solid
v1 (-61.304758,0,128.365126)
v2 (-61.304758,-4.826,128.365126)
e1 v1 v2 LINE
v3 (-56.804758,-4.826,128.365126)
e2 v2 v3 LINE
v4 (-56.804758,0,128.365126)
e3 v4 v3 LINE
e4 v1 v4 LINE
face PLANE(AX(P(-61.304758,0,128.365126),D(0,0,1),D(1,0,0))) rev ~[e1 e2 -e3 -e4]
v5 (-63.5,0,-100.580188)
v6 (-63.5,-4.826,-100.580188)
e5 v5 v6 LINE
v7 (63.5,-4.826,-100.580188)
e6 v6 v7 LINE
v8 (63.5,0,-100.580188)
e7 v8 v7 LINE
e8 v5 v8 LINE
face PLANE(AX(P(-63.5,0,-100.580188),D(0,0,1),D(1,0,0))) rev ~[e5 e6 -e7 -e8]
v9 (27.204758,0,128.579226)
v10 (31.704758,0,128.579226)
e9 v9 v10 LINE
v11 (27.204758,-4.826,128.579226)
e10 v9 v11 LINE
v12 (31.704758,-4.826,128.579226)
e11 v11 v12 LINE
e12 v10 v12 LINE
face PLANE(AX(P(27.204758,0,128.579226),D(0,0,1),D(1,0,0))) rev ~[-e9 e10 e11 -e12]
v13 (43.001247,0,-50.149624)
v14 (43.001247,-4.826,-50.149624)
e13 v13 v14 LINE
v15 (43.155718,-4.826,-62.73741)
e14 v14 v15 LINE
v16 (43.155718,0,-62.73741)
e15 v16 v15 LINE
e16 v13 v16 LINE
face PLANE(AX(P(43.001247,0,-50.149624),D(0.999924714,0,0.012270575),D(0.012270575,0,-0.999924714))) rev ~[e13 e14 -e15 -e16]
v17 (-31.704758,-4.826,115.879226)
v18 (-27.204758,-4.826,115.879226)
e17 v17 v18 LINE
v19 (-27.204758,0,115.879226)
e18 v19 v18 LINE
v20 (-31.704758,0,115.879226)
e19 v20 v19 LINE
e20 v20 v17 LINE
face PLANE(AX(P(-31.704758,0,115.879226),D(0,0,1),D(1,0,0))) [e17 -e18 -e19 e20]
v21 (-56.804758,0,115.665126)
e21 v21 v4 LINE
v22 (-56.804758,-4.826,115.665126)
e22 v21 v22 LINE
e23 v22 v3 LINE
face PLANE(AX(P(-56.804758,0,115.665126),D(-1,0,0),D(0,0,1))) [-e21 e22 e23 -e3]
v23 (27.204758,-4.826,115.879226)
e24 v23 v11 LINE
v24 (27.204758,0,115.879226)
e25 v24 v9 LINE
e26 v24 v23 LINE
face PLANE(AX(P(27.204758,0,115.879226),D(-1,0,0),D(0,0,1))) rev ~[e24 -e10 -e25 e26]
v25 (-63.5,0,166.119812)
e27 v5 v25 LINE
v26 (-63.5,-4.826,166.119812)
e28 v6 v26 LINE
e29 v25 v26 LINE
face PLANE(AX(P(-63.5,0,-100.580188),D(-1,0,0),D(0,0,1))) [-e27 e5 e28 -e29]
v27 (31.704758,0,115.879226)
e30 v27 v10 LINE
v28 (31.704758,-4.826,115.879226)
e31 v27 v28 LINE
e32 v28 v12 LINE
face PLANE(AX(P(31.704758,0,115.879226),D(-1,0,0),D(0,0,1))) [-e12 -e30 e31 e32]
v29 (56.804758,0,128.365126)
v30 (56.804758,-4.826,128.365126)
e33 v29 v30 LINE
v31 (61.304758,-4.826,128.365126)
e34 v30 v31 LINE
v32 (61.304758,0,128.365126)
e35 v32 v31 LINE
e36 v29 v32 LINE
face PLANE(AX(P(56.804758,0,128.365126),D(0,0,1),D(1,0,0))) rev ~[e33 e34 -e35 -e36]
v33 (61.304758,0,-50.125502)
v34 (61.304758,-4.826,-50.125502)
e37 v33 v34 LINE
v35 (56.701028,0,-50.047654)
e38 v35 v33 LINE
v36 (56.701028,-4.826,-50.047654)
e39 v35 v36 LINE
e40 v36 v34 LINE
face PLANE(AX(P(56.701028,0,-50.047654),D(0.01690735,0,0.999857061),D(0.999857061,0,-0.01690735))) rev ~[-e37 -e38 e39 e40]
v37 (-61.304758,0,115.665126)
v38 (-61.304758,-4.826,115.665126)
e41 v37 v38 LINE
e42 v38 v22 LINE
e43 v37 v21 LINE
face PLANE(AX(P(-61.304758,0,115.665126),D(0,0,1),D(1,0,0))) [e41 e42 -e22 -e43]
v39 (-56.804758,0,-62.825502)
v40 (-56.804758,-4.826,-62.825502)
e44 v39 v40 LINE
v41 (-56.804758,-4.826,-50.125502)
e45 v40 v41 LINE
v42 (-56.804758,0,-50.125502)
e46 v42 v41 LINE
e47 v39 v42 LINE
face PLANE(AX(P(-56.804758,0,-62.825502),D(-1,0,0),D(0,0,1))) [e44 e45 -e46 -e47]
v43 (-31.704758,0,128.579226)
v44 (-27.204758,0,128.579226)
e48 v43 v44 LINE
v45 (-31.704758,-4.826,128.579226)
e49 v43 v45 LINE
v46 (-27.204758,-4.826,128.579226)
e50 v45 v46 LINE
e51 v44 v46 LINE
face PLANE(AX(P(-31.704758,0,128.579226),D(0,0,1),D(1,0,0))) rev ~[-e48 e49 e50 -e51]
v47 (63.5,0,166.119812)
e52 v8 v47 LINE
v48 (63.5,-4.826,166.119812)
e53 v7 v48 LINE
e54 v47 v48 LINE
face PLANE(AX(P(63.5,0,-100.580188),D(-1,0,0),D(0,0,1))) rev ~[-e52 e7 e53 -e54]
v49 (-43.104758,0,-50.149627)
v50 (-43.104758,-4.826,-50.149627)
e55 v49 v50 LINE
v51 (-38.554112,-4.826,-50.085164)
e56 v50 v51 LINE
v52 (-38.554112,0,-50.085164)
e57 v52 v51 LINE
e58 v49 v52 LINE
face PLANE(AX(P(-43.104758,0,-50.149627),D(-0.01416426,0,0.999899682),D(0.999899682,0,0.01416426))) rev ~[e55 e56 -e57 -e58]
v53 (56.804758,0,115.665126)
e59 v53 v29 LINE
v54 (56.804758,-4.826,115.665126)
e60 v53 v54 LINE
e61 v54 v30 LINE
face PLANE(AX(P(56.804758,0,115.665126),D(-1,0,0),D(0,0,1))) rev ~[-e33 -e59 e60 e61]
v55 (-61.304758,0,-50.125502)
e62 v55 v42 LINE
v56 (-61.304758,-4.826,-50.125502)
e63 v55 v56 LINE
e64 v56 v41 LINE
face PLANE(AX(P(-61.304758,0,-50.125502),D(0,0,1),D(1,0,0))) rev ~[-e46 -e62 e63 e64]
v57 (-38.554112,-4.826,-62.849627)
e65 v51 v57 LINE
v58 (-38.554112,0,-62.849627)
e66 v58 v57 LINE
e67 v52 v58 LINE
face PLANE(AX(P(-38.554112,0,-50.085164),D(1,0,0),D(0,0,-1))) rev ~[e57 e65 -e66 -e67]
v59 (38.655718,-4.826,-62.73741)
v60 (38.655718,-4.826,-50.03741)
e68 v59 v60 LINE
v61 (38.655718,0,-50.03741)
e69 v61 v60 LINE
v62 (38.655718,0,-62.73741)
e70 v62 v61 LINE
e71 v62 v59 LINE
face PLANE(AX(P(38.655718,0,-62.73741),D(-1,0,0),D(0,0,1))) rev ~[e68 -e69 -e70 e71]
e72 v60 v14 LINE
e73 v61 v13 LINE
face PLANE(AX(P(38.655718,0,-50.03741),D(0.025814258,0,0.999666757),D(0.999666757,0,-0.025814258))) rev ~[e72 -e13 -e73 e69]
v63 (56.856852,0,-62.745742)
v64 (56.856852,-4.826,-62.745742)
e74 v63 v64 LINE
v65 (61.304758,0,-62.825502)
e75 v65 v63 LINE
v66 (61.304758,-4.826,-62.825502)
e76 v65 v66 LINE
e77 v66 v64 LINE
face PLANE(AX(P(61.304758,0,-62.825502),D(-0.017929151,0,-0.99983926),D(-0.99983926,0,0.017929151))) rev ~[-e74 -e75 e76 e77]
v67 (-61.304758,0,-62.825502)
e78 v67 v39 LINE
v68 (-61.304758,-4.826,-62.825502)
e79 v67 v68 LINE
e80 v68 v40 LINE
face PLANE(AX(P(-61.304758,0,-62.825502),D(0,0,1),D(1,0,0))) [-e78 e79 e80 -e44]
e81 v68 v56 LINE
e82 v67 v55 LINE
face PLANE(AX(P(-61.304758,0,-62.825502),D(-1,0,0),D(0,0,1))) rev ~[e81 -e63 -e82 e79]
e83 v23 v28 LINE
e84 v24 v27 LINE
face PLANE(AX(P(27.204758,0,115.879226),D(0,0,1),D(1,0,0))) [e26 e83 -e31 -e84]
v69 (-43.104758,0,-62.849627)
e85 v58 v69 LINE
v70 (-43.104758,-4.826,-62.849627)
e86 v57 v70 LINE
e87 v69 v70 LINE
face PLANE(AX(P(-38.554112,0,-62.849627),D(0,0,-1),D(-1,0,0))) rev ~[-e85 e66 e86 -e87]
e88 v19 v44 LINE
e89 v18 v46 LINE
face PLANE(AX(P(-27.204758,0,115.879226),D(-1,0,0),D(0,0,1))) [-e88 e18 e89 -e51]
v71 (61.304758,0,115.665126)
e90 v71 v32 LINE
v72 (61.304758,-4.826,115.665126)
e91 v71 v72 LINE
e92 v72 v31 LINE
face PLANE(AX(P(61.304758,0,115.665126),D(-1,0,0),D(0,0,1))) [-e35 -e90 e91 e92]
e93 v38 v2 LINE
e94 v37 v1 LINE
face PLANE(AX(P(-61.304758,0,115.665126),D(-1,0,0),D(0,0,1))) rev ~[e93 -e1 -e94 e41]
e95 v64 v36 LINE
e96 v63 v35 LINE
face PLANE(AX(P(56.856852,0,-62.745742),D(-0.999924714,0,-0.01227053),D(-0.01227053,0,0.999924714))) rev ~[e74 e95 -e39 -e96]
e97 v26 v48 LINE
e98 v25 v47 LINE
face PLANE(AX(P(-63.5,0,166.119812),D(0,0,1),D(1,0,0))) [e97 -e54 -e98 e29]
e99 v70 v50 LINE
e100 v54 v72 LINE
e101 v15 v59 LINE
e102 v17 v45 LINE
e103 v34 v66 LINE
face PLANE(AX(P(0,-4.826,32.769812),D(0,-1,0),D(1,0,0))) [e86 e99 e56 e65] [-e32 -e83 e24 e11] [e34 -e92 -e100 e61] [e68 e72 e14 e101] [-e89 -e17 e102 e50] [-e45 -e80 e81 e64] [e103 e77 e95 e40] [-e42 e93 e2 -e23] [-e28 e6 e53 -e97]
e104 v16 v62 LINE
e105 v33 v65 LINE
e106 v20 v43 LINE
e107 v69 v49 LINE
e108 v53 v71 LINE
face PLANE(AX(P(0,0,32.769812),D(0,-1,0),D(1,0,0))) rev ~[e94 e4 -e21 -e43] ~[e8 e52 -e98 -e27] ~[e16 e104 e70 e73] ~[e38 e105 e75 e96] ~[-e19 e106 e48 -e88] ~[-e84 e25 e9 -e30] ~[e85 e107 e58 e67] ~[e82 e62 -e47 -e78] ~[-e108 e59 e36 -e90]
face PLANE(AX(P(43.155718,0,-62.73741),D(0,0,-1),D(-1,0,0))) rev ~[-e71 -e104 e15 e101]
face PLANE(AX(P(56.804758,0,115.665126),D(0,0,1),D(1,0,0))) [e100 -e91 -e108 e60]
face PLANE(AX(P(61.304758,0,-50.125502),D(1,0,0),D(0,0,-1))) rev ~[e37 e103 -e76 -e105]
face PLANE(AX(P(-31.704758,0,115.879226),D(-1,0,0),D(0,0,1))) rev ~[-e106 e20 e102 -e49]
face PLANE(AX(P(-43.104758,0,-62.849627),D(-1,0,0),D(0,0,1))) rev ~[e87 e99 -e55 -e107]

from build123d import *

# Parameters (mm, degrees)
F0_W     = 127
F0_H     = 266.7
F0_W_2   = 4.5
F0_H_2   = 12.7
F1_DEPTH = 4.826


with BuildPart() as f1:
    # F0 (on Front) → F1 (new body)
    with BuildSketch(Plane.XZ):
        with Locations((0, 32.769812)):
            Rectangle(F0_W, F0_H)
        with Locations((-59.054758, -56.475502)):
            Rectangle(F0_W_2, F0_H_2, mode=Mode.SUBTRACT)
        Polygon((-43.104758, -62.849627), (-43.104758, -50.149627), (-38.554112, -50.085164), (-38.554112, -62.849627), align=None, mode=Mode.SUBTRACT)
        Polygon((38.655718, -50.03741), (43.001247, -50.149624), (43.155718, -62.73741), (38.655718, -62.73741), align=None, mode=Mode.SUBTRACT)
        Polygon((56.856852, -62.745742), (56.701028, -50.047654), (61.304758, -50.125502), (61.304758, -62.825502), align=None, mode=Mode.SUBTRACT)
        with Locations((-59.054758, 122.015126)):
            Rectangle(F0_W_2, F0_H_2, mode=Mode.SUBTRACT)
        with Locations((-29.454758, 122.229226)):
            Rectangle(F0_W_2, F0_H_2, mode=Mode.SUBTRACT)
        with Locations((29.454758, 122.229226)):
            Rectangle(F0_W_2, F0_H_2, mode=Mode.SUBTRACT)
        with Locations((59.054758, 122.015126)):
            Rectangle(F0_W_2, F0_H_2, mode=Mode.SUBTRACT)
    extrude(amount=F1_DEPTH)


solid = f1.part
